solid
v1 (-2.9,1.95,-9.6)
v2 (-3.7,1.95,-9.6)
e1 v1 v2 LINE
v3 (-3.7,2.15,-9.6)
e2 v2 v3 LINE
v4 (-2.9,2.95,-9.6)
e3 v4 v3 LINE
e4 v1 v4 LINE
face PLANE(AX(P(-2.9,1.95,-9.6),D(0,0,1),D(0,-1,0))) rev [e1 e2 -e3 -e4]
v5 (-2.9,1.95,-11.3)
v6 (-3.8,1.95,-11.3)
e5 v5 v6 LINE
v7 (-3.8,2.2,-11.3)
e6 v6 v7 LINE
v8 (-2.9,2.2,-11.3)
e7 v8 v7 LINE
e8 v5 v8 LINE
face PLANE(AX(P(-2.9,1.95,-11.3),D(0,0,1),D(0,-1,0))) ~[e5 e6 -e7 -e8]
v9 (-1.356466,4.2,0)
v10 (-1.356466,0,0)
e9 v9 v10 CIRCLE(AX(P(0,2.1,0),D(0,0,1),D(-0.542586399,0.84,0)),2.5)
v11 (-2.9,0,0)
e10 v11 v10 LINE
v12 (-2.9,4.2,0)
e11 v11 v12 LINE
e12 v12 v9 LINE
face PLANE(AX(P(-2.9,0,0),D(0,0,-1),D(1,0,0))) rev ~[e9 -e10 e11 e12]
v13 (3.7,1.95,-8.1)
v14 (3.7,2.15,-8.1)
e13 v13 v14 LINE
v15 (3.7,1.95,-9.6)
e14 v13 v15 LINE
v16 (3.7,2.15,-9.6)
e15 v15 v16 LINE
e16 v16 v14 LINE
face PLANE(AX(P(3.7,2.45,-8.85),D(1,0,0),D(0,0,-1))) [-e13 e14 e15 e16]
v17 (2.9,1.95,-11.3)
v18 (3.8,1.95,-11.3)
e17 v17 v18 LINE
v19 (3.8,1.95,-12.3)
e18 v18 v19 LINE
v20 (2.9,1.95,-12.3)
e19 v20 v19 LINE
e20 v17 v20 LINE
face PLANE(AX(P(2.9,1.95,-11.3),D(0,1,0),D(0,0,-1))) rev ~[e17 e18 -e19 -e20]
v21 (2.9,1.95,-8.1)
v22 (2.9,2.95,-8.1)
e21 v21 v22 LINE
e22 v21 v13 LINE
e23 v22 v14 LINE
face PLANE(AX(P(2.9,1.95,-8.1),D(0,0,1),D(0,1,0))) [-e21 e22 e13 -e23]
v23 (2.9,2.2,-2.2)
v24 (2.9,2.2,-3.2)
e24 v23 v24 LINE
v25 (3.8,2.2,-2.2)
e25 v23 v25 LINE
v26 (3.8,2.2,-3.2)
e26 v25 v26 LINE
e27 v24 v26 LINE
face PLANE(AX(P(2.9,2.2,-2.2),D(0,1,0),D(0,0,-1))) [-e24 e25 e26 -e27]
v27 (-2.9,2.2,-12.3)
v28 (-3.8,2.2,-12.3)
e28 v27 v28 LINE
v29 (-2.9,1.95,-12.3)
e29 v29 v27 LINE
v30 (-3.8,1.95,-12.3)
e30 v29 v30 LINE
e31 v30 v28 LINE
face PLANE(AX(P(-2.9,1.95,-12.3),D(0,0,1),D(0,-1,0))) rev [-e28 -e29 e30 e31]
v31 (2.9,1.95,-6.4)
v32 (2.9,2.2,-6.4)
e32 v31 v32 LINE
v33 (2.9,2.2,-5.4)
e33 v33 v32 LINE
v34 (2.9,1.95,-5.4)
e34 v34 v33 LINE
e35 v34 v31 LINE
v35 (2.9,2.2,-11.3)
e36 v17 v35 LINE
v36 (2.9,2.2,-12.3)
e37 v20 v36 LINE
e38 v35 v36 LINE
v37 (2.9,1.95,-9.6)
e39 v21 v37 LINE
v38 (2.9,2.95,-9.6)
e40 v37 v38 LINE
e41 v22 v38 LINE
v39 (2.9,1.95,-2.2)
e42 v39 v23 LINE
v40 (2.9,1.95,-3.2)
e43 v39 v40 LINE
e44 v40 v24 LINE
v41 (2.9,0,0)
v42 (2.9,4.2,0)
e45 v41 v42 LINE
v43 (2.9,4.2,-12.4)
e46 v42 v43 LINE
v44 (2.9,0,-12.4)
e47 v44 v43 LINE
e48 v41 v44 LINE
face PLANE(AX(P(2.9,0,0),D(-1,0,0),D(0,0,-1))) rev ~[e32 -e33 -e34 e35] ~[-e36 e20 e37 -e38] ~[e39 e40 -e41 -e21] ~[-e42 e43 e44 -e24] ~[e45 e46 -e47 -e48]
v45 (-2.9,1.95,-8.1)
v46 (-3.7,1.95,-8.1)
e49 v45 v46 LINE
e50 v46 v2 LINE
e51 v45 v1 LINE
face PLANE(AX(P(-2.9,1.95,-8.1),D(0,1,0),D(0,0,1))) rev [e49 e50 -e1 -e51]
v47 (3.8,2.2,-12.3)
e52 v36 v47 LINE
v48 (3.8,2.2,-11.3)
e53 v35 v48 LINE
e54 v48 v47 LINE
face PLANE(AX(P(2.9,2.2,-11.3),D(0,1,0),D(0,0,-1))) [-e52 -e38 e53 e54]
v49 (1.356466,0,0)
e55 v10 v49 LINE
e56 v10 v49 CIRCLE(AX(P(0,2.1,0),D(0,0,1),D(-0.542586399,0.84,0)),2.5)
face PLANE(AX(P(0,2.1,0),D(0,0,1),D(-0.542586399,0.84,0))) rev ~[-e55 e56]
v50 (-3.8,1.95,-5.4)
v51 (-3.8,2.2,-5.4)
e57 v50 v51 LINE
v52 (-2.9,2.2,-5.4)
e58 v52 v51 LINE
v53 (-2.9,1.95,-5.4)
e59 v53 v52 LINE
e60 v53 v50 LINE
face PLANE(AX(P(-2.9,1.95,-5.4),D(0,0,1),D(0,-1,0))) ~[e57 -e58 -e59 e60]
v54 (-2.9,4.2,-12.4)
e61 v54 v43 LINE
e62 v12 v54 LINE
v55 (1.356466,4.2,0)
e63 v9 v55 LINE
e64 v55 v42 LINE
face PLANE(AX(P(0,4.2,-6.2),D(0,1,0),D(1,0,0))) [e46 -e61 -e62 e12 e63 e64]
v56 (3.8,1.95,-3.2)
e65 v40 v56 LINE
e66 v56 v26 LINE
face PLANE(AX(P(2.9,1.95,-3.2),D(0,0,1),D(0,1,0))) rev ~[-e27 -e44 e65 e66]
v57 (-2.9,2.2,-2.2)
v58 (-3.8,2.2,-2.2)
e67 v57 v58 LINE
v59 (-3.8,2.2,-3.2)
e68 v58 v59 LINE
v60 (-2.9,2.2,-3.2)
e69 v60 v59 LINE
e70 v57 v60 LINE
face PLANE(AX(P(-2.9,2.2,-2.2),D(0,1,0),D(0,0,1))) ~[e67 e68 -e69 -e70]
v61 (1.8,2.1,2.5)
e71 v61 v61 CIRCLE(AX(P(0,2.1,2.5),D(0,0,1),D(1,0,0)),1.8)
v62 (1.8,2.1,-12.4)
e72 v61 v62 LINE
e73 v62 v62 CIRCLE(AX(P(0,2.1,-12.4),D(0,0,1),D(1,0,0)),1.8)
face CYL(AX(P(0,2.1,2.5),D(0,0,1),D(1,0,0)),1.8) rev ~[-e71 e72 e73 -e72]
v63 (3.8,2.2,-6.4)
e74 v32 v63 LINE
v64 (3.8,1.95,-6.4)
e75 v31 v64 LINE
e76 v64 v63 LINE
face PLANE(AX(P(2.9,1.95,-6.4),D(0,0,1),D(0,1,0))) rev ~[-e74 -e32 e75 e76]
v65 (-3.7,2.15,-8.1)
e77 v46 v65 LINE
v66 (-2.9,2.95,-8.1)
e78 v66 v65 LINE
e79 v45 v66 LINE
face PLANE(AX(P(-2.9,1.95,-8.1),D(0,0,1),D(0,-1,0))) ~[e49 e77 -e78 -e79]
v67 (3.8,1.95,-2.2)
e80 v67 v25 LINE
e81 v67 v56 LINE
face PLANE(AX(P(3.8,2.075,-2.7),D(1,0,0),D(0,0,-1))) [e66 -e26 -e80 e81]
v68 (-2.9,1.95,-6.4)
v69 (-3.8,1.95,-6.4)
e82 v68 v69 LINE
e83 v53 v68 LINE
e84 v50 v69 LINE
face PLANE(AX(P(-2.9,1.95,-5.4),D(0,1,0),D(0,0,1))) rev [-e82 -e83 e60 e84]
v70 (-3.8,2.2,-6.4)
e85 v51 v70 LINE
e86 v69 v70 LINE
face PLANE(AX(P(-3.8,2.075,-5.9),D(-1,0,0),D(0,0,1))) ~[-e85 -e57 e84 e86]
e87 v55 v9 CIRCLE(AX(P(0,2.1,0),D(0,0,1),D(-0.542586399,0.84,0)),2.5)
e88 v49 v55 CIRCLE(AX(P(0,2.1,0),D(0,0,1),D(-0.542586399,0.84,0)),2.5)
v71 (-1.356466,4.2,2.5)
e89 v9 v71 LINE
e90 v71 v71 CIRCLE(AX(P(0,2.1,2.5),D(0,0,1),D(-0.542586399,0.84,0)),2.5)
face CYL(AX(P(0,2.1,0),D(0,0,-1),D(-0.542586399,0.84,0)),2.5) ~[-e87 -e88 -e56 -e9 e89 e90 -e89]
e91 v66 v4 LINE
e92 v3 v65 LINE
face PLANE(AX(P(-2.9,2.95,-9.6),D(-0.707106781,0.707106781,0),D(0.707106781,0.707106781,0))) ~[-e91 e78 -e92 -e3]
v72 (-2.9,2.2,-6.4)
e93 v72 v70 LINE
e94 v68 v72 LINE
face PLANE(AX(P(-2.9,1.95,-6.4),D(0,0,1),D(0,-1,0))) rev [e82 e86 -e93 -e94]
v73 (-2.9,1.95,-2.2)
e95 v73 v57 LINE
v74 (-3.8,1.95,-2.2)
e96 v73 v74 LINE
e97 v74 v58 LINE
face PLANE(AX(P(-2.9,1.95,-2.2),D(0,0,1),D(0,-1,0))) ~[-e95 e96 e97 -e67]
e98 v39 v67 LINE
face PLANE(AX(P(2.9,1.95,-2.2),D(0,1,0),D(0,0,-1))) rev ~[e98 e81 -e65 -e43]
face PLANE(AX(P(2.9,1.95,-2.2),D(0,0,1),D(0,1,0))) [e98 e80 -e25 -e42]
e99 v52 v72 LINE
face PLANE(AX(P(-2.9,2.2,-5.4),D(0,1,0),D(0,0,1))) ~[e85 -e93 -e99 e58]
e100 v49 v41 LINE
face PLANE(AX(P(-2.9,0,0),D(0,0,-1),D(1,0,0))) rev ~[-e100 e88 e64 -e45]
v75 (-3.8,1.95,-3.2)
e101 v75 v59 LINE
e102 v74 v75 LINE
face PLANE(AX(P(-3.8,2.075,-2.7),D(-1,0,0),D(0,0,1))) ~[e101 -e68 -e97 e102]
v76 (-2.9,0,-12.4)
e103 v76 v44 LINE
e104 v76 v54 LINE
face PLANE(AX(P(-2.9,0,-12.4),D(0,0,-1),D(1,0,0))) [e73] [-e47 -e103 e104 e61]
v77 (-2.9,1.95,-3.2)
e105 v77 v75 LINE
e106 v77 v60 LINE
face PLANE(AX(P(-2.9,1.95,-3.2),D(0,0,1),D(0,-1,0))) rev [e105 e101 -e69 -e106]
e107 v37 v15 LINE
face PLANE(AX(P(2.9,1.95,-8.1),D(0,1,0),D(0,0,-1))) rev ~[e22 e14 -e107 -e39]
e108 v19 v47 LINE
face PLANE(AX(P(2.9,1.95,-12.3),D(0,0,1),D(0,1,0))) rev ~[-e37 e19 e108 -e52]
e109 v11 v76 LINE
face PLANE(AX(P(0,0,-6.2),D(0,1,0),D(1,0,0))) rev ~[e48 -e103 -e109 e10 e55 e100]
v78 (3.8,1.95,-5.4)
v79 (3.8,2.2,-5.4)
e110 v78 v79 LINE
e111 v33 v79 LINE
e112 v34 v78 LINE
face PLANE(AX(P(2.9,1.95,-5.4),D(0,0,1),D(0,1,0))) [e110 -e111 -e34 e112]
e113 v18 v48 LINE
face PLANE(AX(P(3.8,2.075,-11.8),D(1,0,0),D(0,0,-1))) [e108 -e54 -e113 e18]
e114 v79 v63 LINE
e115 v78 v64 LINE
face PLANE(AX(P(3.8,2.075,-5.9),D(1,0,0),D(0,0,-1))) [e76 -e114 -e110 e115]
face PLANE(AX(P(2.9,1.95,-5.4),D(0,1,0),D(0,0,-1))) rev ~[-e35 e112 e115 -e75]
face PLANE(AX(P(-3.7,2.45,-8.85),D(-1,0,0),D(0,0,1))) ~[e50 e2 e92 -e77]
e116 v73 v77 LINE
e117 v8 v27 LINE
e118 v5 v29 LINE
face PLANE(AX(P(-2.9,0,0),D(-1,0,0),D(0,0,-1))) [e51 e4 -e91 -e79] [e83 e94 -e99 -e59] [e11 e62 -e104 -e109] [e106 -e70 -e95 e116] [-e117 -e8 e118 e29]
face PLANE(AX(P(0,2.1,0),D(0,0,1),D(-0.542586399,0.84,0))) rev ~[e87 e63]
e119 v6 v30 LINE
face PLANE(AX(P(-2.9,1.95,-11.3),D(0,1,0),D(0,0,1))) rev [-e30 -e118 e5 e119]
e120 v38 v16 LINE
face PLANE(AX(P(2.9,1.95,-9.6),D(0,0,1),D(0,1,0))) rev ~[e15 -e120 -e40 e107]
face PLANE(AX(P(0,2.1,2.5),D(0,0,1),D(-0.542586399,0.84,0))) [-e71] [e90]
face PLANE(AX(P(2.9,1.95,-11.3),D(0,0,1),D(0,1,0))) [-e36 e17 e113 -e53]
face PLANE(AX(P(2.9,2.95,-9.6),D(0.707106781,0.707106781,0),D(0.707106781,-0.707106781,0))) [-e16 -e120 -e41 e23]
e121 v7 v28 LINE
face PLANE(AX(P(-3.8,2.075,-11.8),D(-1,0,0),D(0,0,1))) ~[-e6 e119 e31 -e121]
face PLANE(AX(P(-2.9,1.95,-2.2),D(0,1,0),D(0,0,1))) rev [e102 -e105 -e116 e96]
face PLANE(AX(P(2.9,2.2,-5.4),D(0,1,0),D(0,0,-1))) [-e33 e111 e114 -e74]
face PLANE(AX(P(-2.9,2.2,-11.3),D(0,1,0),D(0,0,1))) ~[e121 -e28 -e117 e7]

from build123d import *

# Parameters (mm, degrees)
SKETCH_1_W          = 5.8
SKETCH_1_H          = 12.4
EXTRUDE_1_DEPTH     = 4.2
SKETCH_2_R          = 2.5
EXTRUDE_2_DEPTH     = 2.5
SKETCH_4_W          = 1
SKETCH_4_H          = 0.25
EXTRUDE_4_DEPTH     = 0.9
SKETCH_5_R          = 1.8
CUT_EXTRUDE_1_DEPTH = 17.050233643
SKETCH_6_W          = 1.5
SKETCH_6_H          = 1
EXTRUDE_5_DEPTH     = 0.8
CUT_EXTRUDE_2_DEPTH = 1.5


with BuildPart() as part:
    # 草图1 → 凸台-拉伸1 (new body)
    with BuildSketch(Plane(origin=(0, 0, 0), x_dir=(1, 0, 0), z_dir=(0, 1, 0))):
        with Locations((0, 6.2)):
            Rectangle(SKETCH_1_W, SKETCH_1_H)
    extrude(amount=EXTRUDE_1_DEPTH)

    # 草图2 → 凸台-拉伸2 (add)
    with BuildSketch(Plane.XY):
        with Locations(Location((0, 2.1, 0), (0, 0, 122.859880379))):
            Circle(SKETCH_2_R)
    extrude(amount=EXTRUDE_2_DEPTH)

    # 草图4 → 凸台-拉伸4 (add)
    with BuildSketch(Plane(origin=(2.9, 0, 0), x_dir=(0, 0, -1), z_dir=(1, 0, 0))):
        with Locations((2.7, 2.075)):
            Rectangle(SKETCH_4_W, SKETCH_4_H)
        with Locations((5.9, 2.075)):
            Rectangle(SKETCH_4_W, SKETCH_4_H)
        with Locations((11.8, 2.075)):
            Rectangle(SKETCH_4_W, SKETCH_4_H)
    extrude_4 = extrude(amount=EXTRUDE_4_DEPTH)

    # 草图5 → 切除-拉伸1 (cut, through all)
    with BuildSketch(Plane.XY.offset(2.5)):
        with Locations((0, 2.1)):
            Circle(SKETCH_5_R)
    extrude(amount=-CUT_EXTRUDE_1_DEPTH, mode=Mode.SUBTRACT)

    # 草图6 → 凸台-拉伸5 (add)
    with BuildSketch(Plane(origin=(2.9, 0, 0), x_dir=(0, 0, -1), z_dir=(1, 0, 0))):
        with Locations((8.85, 2.45)):
            Rectangle(SKETCH_6_W, SKETCH_6_H)
    extrude_5 = extrude(amount=EXTRUDE_5_DEPTH)

    # 草图7 → 切除-拉伸2 (cut)
    with BuildSketch(Plane(origin=(0, 0, -9.6), x_dir=(-1, 0, 0), z_dir=(0, 0, -1))):
        Polygon((-3.7, 2.95), (-2.9, 2.95), (-3.7, 2.15), align=None)
    cut_extrude_2 = extrude(amount=-CUT_EXTRUDE_2_DEPTH, mode=Mode.SUBTRACT)

    # 镜向1: 凸台-拉伸4, 凸台-拉伸5, 切除-拉伸2 across plane
    add(extrude_4.mirror(Plane(origin=(0, 0, 0), x_dir=(0, 0, 1), z_dir=(1, 0, 0))))
    add(extrude_5.mirror(Plane(origin=(0, 0, 0), x_dir=(0, 0, 1), z_dir=(1, 0, 0))))
    add(cut_extrude_2.mirror(Plane(origin=(0, 0, 0), x_dir=(0, 0, 1), z_dir=(1, 0, 0))), mode=Mode.SUBTRACT)


solid = part.part
